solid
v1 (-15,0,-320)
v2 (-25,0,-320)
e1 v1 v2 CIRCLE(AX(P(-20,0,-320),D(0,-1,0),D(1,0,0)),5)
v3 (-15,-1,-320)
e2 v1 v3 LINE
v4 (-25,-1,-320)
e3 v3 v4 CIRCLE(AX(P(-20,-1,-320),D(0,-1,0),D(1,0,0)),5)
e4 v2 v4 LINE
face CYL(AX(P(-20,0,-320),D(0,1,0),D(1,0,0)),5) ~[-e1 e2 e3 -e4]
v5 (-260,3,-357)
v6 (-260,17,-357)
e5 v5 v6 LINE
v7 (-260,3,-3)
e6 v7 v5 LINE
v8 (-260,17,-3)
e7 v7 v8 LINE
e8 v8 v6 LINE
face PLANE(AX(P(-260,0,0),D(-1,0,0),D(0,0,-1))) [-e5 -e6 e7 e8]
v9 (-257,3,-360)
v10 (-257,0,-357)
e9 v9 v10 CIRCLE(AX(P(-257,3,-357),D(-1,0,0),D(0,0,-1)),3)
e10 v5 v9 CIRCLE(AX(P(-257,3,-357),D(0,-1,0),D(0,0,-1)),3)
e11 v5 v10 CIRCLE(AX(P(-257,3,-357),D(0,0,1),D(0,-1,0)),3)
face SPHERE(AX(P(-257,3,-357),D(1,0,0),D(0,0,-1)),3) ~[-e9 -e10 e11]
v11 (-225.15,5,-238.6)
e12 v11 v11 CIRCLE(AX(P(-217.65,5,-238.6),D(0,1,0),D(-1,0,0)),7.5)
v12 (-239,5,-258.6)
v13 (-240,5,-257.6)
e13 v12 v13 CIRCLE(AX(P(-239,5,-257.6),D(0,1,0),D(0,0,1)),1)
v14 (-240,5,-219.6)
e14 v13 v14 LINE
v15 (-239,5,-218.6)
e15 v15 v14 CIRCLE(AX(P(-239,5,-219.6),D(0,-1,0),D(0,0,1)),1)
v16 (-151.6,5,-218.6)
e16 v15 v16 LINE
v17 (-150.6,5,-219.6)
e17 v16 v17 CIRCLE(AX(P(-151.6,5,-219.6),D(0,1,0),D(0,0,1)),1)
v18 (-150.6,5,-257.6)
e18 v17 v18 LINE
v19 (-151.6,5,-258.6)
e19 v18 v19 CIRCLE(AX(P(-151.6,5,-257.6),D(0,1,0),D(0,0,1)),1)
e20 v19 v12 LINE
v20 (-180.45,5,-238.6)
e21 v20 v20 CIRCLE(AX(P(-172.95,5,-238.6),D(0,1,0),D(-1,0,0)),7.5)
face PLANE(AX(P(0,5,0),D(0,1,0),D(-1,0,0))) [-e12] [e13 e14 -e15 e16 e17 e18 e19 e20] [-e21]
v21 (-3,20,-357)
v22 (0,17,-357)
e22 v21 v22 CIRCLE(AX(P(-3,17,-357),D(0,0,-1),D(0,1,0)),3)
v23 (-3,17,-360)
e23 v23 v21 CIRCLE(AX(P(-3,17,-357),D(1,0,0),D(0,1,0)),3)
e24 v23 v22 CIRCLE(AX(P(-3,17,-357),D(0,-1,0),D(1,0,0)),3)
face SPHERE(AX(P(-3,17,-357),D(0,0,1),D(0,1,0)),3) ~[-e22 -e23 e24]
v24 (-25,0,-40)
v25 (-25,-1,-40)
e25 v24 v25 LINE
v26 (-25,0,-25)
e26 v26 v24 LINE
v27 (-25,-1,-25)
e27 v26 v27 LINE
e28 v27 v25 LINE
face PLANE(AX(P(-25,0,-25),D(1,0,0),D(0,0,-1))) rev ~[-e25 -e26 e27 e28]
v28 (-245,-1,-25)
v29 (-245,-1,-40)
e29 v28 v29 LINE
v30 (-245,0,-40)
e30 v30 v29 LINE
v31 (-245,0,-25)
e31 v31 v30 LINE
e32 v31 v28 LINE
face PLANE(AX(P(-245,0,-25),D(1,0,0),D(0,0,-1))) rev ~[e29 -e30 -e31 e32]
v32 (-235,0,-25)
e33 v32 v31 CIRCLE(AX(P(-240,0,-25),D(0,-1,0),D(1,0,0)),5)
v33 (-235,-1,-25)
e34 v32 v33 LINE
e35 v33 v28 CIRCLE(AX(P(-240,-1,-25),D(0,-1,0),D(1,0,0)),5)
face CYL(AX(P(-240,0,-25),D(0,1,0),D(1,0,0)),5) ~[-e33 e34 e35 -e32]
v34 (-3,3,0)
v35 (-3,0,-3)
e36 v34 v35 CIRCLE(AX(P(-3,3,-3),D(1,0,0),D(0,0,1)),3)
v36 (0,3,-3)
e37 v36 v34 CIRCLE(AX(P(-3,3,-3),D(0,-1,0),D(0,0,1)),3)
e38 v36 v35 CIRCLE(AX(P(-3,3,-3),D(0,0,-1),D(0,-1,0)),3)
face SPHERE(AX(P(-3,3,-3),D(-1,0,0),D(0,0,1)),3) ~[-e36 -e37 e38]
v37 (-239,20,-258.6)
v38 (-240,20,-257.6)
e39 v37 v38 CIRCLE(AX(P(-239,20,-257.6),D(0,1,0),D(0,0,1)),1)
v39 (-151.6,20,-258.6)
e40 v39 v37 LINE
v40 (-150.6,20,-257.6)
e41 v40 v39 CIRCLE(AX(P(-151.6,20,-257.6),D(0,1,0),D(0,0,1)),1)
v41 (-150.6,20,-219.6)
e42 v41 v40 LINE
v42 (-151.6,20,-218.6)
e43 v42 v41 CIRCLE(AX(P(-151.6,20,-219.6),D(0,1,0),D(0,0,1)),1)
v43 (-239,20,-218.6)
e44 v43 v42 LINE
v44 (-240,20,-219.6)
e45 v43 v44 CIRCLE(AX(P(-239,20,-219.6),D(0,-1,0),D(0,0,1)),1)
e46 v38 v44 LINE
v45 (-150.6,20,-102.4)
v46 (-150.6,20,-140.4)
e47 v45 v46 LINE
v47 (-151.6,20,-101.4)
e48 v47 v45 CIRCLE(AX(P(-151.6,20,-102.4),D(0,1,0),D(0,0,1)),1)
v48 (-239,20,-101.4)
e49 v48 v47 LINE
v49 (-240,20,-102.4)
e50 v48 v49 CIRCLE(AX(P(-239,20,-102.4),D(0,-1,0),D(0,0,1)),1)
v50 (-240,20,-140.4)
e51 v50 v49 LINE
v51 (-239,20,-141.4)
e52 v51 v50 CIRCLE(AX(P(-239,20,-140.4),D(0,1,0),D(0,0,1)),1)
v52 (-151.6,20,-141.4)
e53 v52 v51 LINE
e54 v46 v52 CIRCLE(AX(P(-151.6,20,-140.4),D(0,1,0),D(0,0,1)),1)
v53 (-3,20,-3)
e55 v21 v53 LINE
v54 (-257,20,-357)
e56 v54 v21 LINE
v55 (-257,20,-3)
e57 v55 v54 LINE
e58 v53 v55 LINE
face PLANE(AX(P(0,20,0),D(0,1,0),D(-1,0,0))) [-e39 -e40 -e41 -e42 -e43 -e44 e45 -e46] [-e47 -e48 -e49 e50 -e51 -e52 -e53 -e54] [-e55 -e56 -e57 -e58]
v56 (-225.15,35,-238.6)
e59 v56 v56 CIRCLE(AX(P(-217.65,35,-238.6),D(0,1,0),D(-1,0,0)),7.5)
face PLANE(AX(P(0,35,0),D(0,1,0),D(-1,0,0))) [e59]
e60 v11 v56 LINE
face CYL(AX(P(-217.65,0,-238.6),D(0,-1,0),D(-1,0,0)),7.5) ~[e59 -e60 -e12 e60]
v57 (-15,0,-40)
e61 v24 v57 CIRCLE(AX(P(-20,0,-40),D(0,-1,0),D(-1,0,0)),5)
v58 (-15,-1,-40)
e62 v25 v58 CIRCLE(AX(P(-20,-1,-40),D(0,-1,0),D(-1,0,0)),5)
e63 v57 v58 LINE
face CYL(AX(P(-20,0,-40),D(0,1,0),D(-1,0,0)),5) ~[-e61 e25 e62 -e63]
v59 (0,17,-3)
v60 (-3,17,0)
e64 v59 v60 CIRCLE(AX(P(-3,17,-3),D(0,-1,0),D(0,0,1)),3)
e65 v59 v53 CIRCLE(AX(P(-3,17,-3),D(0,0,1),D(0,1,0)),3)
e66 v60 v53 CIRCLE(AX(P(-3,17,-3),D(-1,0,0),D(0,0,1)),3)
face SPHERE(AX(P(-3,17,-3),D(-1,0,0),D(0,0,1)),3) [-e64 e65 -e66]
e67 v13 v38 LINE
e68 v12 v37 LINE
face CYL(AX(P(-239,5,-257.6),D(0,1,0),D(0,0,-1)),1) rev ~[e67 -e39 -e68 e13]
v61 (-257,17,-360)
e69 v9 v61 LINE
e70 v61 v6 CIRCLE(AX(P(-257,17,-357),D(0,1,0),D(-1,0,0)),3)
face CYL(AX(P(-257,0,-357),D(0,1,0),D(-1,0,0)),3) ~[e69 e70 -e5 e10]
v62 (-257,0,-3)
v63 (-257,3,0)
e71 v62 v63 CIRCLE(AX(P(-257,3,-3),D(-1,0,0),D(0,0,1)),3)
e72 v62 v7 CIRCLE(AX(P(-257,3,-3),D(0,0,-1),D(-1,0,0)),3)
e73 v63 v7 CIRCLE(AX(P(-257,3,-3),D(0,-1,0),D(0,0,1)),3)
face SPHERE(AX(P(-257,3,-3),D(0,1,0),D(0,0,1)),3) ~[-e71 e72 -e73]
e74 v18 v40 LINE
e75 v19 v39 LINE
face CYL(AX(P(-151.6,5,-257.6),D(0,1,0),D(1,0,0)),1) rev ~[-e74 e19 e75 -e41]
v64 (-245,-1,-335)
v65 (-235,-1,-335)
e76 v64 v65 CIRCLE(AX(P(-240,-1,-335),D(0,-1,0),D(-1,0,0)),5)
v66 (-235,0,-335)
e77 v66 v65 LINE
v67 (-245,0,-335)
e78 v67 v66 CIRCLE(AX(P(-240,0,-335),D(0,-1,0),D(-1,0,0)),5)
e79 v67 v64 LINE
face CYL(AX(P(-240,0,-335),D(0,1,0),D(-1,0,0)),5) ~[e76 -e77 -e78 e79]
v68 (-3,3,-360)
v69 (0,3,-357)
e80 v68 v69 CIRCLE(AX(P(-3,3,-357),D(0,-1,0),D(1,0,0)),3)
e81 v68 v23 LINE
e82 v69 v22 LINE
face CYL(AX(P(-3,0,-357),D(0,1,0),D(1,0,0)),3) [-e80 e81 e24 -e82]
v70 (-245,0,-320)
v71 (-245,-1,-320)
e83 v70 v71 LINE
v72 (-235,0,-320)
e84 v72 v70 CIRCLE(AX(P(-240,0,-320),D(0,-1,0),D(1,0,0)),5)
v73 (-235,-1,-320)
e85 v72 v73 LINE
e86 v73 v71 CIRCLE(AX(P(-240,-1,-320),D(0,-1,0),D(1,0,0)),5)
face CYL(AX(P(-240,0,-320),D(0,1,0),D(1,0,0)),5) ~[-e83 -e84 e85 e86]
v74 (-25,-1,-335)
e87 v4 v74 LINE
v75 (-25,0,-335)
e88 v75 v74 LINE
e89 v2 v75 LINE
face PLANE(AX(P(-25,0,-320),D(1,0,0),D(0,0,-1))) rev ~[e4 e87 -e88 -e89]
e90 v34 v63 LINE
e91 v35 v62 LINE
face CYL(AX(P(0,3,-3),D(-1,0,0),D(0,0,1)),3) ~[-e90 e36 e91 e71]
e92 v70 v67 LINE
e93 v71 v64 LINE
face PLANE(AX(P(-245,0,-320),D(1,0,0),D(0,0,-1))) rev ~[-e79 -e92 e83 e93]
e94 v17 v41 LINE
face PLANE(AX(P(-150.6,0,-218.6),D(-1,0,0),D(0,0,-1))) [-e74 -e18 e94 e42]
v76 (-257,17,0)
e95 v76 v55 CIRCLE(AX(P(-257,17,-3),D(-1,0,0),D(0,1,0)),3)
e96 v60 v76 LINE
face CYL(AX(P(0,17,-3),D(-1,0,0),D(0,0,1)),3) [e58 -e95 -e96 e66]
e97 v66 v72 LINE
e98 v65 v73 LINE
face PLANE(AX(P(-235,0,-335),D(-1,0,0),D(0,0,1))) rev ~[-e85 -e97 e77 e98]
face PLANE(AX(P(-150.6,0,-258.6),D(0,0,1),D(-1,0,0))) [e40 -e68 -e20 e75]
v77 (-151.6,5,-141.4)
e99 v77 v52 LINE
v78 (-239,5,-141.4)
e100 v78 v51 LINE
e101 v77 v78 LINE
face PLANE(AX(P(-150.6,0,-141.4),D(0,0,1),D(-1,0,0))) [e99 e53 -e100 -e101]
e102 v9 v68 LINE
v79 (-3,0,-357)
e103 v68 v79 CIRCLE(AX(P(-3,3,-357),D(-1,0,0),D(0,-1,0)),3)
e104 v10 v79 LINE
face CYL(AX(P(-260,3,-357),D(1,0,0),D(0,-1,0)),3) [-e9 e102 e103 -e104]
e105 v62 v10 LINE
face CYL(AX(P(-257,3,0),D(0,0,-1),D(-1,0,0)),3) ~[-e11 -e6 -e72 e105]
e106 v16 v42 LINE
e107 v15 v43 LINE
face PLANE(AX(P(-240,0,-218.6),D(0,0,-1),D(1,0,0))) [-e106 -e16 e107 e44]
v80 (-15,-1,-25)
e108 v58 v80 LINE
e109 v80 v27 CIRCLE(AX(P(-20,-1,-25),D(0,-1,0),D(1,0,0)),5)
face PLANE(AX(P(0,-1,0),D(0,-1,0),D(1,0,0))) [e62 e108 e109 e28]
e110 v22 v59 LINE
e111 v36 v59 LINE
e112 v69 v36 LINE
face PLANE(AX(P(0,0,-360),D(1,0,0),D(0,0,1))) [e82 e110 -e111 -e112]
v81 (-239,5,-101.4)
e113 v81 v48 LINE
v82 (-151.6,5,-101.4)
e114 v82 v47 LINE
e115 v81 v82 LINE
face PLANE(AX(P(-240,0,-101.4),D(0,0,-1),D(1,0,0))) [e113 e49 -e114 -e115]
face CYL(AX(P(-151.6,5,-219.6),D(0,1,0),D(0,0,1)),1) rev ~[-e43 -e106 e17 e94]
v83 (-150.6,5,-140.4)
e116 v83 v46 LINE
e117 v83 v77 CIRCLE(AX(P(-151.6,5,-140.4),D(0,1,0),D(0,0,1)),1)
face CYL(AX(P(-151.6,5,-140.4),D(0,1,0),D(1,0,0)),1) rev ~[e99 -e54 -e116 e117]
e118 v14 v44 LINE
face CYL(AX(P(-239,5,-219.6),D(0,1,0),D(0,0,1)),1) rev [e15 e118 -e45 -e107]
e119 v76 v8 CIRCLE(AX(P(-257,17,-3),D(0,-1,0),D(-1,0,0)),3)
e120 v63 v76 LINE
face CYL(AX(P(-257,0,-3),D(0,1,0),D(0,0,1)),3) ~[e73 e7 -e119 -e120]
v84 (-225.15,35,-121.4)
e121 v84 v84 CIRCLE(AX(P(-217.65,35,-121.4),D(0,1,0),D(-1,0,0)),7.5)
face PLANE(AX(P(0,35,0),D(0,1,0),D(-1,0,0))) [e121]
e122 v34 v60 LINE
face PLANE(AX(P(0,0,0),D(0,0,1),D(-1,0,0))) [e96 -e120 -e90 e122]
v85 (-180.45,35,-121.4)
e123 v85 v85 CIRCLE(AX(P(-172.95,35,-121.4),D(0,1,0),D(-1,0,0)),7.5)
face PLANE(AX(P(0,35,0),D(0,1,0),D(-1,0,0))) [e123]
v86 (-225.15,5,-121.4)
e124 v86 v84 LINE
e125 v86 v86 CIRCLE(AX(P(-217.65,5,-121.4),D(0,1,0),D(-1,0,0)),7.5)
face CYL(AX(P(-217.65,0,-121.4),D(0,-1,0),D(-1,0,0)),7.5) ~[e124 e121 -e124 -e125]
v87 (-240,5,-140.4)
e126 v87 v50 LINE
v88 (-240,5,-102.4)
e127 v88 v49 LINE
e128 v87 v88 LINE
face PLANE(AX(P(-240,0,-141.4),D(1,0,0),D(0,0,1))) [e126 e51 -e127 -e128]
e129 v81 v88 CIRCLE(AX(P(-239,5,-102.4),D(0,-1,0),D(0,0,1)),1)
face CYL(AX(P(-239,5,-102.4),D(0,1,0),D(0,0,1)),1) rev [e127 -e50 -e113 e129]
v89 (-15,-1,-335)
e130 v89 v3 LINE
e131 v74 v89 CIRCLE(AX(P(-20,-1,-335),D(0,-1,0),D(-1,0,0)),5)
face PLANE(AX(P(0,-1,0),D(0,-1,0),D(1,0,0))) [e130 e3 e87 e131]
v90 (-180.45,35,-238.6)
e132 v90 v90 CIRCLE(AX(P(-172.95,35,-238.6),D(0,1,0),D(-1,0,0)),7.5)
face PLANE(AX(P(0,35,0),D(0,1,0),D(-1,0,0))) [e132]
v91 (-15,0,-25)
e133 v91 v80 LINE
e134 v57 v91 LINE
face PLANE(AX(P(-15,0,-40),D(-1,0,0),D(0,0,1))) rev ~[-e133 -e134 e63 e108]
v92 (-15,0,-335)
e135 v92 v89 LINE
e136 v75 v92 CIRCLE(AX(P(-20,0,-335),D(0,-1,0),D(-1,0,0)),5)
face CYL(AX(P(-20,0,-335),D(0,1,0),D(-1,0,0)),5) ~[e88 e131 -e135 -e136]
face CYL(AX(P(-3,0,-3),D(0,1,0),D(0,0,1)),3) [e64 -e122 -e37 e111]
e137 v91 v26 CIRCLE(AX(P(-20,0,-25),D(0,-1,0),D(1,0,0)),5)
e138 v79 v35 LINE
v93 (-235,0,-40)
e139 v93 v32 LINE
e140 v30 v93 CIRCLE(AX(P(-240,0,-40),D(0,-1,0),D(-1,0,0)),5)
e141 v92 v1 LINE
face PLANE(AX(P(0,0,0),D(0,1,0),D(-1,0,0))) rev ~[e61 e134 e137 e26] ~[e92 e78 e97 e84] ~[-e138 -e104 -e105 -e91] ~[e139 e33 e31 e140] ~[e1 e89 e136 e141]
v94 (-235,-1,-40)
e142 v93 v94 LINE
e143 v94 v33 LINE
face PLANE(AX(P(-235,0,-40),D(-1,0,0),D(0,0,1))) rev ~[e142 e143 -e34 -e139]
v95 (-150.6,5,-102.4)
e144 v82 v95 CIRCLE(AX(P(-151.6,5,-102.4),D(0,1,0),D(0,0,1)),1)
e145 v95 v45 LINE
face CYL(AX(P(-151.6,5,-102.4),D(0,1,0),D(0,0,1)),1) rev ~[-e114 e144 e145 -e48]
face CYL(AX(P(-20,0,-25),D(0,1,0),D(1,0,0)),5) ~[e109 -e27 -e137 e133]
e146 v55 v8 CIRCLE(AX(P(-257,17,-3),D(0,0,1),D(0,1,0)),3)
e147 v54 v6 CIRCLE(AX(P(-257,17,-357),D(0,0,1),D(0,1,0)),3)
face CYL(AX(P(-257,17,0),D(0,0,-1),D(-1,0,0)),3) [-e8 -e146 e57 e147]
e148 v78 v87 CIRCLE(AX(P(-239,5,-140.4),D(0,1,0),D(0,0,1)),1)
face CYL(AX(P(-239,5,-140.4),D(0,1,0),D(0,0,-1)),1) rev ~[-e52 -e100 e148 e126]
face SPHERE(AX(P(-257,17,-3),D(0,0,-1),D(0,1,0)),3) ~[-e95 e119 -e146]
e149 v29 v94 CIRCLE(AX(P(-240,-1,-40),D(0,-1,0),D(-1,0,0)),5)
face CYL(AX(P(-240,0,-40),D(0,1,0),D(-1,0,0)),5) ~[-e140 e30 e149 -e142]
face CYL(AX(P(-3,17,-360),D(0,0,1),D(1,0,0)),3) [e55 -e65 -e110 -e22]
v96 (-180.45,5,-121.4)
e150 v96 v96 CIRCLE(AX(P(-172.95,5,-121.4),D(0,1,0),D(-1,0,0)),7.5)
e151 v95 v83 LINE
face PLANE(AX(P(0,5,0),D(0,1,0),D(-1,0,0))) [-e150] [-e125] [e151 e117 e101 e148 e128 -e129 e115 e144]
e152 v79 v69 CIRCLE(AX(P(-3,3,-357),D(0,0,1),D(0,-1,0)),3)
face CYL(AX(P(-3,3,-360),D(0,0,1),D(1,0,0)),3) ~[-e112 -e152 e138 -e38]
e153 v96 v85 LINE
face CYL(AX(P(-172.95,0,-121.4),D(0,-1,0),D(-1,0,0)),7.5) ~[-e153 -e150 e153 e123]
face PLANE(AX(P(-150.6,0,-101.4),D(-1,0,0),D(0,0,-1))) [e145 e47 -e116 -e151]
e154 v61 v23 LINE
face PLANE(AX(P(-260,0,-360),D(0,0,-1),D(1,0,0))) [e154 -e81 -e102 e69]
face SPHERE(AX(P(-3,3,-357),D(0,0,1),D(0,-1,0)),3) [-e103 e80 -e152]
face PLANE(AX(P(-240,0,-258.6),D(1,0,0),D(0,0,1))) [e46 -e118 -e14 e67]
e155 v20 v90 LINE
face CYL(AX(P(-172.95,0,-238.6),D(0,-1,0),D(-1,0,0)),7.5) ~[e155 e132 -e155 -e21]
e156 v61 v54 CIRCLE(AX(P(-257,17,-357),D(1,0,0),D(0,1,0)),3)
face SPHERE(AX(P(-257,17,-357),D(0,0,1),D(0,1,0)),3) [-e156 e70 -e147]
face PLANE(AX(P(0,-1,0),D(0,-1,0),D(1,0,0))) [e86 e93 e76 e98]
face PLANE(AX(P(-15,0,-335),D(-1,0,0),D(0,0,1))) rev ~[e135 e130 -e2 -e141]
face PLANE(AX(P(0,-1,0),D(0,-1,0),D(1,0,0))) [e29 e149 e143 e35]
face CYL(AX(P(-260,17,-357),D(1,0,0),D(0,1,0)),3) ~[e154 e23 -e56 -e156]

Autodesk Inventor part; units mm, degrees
ref_plane "YZ Plane" through (0, 0, 0) normal (1, 0, 0) x (0, 1, 0)
ref_plane "XZ Plane" through (0, 0, 0) normal (0, 1, 0) x (-1, 0, 0)
ref_plane "XY Plane" through (0, 0, 0) normal (0, 0, 1) x (1, 0, 0)
sketch "Sketch1" plane through (0, 0, 0) normal (0, 1, 0) x (-1, 0, 0)
  line L0 (0, 0) -> (260, 0)
  line L1 (260, 0) -> (260, -360)
  line L2 (260, -360) -> (0, -360)
  line L3 (0, -360) -> (0, 0)
  line L4 (240, -101.4) -> (150.6, -101.4)
  line L5 (150.6, -101.4) -> (150.6, -141.4)
  line L6 (150.6, -141.4) -> (240, -141.4)
  line L7 (240, -141.4) -> (240, -101.4)
  line L8 (240, -218.6) -> (150.6, -218.6)
  line L9 (150.6, -218.6) -> (150.6, -258.6)
  line L10 (150.6, -258.6) -> (240, -258.6)
  line L11 (240, -258.6) -> (240, -218.6)
  circle A0 centre (217.65, -121.4) radius 7.5
  circle A1 centre (172.95, -121.4) radius 7.5
  circle A2 centre (217.65, -238.6) radius 7.5
  circle A3 centre (172.95, -238.6) radius 7.5
  point P0 (240, -121.4)
  point P1 (150.6, -238.6)
  point P2 (240, -238.6)
  dimension "d0" = 260
  dimension "d1" = 360
  dimension "d2" = 89.4
  dimension "d3" = 40
  dimension "d4" = 89.4
  dimension "d5" = 40
  dimension "d8" = 15
  dimension "d9" = 15
  dimension "d11" = 22.35
  dimension "d12" = 15
  dimension "d13" = 15
  dimension "d14" = 22.35
  dimension "d15" = 22.35
  dimension "d16" = 22.35
  dimension "d17" = 20
  dimension "d61" = 117.2
  dimension "d62" = 101.4
  dimension "d63" = 101.4
extrude "Extrusion1" add sketch "Sketch1" along normal blind 20 contours L0 L1 L2 L3
extrude "Extrusion2" add sketch "Sketch1" along normal blind 5 contours L7 L6 L5 L4 | L11 L10 L9 L8
extrude "Extrusion3" add sketch "Sketch1" along normal blind 35 contours A0 | A1 | A2 | A3
sketch "Sketch2" plane through (0, 20, 0) normal (0, 1, 0) x (1, 0, 0)
  point P0 (0, 0)
sketch "Sketch4" plane through (0, 0, 0) normal (0, -1, 0) x (1, 0, 0)
  line L0 (-240, -335) -> (-240, -320) construction
  line L1 (-235, -335) -> (-235, -320)
  line L2 (-245, -320) -> (-245, -335)
  arc A0 (-245, -335) -> (-235, -335) centre (-240, -335) ccw
  arc A1 (-235, -320) -> (-245, -320) centre (-240, -320) ccw
  line L3 (-260, -360) -> (-260, 0) projected
  line L4 (0, -360) -> (-260, -360) projected
  line L5 (-240, -40) -> (-240, -25) construction
  line L6 (-235, -40) -> (-235, -25)
  line L7 (-245, -25) -> (-245, -40)
  arc A2 (-245, -40) -> (-235, -40) centre (-240, -40) ccw
  arc A3 (-235, -25) -> (-245, -25) centre (-240, -25) ccw
  line L8 (-20, -40) -> (-20, -25) construction
  line L9 (-15, -40) -> (-15, -25)
  line L10 (-25, -25) -> (-25, -40)
  arc A4 (-25, -40) -> (-15, -40) centre (-20, -40) ccw
  arc A5 (-15, -25) -> (-25, -25) centre (-20, -25) ccw
  line L11 (-20, -335) -> (-20, -320) construction
  line L12 (-15, -335) -> (-15, -320)
  line L13 (-25, -320) -> (-25, -335)
  arc A6 (-25, -335) -> (-15, -335) centre (-20, -335) ccw
  arc A7 (-15, -320) -> (-25, -320) centre (-20, -320) ccw
  line L14 (0, 0) -> (0, -360) projected
  line L15 (-260, 0) -> (0, 0) projected
  point P0 (-240, -327.5)
  point P1 (-240, -340)
  point P2 (-240, -32.5)
  point P3 (-240, -45)
  point P4 (-20, -32.5)
  point P5 (-20, -45)
  point P6 (-20, -327.5)
  point P7 (-20, -340)
  point P8 (-20, -20)
  point P9 (-240, -20)
  dimension "d39" = 15
  dimension "d40" = 10
  dimension "d41" = 20
  dimension "d42" = 20
  dimension "d43" = 15
  dimension "d44" = 10
  dimension "d45" = 15
  dimension "d46" = 10
  dimension "d47" = 15
  dimension "d48" = 10
  dimension "d49" = 20
  dimension "d50" = 20
  dimension "d51" = 20
  dimension "d52" = 20
  dimension "d53" = 20
  dimension "d54" = 20
extrude "Extrusion5" add sketch "Sketch4" along normal blind 1 contours A0 L2 A1 L1 | A2 L7 A3 L6 | A4 L10 A5 L9 | A6 L13 A7 L12
fillet "Fillet1" radius 3 12 edges at (-260, 20, -180) (-130, 20, 0) (-260, 10, 0) (-130, 0, 0) (0, 10, 0) (0, 20, -180) (0, 0, -180) (-130, 0, -360) (-130, 20, -360) (0, 10, -360) (-260, 10, -360) (-260, 0, -180)
fillet "Fillet2" radius 1 8 edges at (-240, 12.5, -258.6) (-240, 12.5, -218.6) (-150.6, 12.5, -218.6) (-150.6, 12.5, -258.6) (-240, 12.5, -141.4) (-150.6, 12.5, -141.4) (-150.6, 12.5, -101.4) (-240, 12.5, -101.4)
properties part number "base2"
